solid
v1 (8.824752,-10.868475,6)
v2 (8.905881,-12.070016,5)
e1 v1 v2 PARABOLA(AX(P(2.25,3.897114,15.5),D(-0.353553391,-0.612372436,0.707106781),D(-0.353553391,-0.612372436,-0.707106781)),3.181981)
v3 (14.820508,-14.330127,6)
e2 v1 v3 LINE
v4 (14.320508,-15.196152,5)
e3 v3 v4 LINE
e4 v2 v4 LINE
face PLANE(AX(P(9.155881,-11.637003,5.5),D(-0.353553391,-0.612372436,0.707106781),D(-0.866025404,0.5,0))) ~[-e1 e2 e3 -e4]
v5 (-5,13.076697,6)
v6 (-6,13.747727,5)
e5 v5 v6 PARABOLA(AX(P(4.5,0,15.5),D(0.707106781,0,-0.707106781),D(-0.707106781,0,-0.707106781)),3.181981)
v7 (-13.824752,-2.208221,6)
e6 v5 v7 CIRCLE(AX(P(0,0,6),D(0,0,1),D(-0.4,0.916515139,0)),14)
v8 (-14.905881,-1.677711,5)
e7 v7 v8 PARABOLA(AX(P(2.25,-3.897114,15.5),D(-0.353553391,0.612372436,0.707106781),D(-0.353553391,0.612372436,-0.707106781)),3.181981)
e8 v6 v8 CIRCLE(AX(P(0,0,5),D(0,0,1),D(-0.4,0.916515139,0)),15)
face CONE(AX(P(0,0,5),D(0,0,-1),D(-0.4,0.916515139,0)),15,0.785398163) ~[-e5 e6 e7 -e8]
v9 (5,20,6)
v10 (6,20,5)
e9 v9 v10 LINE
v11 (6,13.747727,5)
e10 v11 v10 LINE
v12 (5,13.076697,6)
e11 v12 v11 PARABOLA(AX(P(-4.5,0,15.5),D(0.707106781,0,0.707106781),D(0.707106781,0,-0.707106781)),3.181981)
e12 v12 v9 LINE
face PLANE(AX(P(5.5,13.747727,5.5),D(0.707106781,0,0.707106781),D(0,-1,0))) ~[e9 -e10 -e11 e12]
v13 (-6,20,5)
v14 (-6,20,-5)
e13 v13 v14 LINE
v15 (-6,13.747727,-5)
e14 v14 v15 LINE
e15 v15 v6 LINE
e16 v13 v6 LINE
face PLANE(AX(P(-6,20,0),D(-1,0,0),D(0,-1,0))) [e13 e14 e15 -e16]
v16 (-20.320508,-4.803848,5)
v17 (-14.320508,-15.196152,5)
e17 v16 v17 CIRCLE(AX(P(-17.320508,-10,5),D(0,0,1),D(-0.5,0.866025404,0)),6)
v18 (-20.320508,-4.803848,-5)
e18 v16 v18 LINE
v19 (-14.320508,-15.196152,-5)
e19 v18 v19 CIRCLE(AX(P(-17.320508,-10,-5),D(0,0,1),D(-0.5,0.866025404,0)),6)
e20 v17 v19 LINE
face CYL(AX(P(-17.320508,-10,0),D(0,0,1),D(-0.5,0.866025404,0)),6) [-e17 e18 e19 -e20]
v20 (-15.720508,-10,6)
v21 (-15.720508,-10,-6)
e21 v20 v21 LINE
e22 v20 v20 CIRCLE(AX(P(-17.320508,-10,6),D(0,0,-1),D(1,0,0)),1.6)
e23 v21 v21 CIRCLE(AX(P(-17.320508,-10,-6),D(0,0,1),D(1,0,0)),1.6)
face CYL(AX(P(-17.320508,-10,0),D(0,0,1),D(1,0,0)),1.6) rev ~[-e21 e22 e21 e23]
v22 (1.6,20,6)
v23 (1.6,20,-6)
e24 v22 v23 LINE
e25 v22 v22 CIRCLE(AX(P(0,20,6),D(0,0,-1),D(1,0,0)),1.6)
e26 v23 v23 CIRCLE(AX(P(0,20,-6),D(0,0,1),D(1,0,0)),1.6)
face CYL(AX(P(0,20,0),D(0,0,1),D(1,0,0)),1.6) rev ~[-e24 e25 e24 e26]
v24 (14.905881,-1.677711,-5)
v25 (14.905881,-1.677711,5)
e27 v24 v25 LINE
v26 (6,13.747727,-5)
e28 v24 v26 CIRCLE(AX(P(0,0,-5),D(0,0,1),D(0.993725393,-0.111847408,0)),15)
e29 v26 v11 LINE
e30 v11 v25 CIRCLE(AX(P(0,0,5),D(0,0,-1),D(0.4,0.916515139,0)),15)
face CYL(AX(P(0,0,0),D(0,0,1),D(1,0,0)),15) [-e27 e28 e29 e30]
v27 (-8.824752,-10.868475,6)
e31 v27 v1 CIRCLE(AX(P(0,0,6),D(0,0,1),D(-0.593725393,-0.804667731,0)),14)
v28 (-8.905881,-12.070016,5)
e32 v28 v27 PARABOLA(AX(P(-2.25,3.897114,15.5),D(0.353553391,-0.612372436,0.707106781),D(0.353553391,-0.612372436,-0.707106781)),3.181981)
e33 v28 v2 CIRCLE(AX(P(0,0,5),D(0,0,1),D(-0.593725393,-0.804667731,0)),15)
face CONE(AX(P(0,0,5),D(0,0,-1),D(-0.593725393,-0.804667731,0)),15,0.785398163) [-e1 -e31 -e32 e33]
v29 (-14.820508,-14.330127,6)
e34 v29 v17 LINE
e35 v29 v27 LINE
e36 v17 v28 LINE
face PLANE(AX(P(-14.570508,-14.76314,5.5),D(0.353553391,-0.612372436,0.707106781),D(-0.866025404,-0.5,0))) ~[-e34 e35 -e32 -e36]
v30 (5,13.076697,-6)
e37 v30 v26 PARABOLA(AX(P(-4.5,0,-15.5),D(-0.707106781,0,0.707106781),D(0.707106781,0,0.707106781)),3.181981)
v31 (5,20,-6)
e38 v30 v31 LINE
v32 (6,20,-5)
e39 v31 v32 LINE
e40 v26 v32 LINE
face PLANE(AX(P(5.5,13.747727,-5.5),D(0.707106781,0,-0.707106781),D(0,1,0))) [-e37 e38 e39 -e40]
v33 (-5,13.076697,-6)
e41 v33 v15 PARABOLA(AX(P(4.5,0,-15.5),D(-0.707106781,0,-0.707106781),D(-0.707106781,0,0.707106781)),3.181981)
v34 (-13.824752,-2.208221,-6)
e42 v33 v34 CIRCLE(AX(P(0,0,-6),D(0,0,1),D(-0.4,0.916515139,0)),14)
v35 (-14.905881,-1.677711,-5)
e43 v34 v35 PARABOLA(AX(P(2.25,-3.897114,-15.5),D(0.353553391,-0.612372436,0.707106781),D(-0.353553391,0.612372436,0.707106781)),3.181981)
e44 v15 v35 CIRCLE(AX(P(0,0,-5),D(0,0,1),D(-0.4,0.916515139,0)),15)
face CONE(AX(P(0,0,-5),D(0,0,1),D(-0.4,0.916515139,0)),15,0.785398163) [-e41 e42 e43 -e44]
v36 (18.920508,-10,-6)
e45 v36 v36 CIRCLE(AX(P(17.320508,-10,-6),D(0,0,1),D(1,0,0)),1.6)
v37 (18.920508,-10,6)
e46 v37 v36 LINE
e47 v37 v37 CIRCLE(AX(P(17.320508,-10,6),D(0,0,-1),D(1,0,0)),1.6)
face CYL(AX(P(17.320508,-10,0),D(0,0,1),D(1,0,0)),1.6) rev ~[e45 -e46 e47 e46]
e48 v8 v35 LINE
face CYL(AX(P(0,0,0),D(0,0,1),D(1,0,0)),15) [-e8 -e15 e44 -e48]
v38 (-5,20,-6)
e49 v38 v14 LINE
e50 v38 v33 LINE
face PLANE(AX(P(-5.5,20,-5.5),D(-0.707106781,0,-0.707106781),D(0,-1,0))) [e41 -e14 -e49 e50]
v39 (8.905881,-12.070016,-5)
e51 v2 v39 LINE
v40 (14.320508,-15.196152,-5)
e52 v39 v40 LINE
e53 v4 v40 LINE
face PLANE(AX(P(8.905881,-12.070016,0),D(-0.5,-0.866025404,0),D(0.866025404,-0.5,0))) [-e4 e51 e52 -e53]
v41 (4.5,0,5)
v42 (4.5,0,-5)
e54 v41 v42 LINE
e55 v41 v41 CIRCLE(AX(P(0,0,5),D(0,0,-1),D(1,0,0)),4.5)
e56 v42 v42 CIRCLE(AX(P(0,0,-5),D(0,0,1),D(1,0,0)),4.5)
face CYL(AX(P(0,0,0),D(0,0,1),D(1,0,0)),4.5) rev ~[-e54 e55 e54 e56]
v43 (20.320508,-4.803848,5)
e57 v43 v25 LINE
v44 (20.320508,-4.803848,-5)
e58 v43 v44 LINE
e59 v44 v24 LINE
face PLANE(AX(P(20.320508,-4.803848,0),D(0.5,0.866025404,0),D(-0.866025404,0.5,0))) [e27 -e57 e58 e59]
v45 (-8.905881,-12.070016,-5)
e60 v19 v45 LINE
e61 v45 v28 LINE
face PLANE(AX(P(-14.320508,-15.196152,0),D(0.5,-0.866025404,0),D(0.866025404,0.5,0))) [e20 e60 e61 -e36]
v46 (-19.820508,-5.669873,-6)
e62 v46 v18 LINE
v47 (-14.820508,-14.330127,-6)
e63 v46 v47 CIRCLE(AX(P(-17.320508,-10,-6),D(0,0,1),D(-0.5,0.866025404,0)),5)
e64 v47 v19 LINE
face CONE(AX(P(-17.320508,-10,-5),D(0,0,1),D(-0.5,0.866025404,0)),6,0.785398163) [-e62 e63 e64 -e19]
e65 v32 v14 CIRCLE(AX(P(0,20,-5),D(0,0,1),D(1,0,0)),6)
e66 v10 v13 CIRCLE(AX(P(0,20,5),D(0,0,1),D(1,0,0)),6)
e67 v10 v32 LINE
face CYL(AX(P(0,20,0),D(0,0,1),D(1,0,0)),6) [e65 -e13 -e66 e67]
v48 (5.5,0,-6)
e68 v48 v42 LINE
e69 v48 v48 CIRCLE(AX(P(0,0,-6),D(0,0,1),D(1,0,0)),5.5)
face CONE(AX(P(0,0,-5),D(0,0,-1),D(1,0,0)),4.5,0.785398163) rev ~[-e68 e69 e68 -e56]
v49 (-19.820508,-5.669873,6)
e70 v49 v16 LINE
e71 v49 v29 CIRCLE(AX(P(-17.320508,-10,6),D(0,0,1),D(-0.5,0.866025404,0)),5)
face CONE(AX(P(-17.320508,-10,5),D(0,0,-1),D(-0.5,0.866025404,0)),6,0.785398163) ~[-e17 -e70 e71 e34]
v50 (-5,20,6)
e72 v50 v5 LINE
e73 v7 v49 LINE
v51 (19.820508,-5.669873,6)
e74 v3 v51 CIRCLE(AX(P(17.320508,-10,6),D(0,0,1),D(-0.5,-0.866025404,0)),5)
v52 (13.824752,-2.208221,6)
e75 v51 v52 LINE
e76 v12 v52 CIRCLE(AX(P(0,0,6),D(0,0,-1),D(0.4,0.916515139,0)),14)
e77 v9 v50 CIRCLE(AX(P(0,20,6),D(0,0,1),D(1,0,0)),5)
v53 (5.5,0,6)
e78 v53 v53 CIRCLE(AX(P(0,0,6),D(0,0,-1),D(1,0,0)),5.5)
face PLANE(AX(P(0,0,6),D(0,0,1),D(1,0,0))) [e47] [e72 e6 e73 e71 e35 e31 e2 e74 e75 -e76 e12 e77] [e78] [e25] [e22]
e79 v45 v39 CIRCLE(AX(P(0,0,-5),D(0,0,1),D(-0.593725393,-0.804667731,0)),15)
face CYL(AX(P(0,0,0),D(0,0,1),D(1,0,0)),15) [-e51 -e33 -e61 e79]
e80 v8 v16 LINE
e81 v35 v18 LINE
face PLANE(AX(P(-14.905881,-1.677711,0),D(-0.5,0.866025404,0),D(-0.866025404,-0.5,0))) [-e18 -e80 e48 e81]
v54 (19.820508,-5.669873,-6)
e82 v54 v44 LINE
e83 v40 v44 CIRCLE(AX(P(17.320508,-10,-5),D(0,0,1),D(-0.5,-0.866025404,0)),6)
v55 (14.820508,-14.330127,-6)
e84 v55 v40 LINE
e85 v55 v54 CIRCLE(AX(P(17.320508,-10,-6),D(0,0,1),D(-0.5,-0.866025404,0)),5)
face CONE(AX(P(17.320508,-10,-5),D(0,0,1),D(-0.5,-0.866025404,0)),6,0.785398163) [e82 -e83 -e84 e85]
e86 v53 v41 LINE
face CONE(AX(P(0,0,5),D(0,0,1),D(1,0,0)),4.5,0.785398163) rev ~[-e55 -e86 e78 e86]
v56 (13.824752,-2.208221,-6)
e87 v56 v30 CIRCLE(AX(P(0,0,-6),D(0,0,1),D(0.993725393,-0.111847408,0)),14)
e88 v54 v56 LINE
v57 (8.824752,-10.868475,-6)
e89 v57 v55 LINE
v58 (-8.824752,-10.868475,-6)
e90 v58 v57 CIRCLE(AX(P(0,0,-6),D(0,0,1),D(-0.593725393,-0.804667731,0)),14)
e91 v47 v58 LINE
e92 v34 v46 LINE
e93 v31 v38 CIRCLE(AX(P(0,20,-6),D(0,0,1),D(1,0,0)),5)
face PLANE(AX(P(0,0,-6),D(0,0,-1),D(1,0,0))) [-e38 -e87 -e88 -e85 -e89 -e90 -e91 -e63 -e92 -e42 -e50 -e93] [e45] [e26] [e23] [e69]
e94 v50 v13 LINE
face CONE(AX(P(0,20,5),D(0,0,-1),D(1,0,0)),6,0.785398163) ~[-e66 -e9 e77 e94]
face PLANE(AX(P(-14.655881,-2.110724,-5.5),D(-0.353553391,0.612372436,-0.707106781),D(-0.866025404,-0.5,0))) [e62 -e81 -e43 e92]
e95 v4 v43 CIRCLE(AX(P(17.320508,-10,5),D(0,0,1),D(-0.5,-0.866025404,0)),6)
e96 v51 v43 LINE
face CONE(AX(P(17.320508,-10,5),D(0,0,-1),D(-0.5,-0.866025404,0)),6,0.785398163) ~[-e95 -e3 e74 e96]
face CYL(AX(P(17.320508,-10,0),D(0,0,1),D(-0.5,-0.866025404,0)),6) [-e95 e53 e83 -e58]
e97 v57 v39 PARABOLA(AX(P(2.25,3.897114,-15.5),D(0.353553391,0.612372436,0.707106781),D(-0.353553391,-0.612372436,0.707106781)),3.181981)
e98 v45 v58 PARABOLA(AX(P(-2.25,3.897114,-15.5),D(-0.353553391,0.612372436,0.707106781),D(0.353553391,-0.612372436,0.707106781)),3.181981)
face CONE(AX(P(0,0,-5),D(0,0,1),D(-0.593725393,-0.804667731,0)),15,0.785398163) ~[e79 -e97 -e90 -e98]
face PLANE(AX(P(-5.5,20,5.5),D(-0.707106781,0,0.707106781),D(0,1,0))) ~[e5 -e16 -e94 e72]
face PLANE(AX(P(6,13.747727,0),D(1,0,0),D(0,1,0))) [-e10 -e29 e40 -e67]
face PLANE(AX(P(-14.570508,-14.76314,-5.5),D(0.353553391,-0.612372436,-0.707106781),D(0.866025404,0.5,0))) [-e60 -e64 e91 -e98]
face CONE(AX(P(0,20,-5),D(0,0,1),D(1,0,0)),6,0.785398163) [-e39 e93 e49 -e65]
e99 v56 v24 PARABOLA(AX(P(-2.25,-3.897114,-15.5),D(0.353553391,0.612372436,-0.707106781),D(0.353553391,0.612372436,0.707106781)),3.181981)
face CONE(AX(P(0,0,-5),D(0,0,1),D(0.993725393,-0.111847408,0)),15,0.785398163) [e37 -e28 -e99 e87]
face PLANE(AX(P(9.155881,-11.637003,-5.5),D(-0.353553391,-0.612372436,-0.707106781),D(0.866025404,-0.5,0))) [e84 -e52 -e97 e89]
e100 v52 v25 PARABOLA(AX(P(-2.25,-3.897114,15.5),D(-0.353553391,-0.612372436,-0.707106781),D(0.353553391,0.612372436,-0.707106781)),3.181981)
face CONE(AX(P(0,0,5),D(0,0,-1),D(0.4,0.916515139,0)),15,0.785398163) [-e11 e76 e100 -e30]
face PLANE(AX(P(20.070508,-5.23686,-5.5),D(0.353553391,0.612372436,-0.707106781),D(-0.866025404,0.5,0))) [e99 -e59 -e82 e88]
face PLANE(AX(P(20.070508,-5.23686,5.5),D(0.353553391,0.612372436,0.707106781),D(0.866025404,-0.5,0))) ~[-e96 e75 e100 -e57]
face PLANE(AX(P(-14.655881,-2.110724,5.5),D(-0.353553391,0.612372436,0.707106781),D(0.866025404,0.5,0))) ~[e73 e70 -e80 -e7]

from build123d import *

# Parameters (mm, degrees)
SKETCH1_R                       = 15
BOSS_EXTRUDE1_DEPTH             = 6
BOSS_EXTRUDE2_REACH             = 8
BOSS_EXTRUDE2_DIRECTION_2_REACH = 8
SKETCH3_R                       = 4.5
CUT_EXTRUDE1_DEPTH              = 7
CUT_EXTRUDE1_DEPTH_BACK         = 7
CHAMFER1_SIZE                   = 1
SKETCH4_R                       = 1.6
CUT_EXTRUDE2_DEPTH              = 7
CUT_EXTRUDE2_DEPTH_BACK         = 7


with BuildPart() as part:
    # Sketch1 → Boss-Extrude1 (new body, symmetric)
    with BuildSketch(Plane.XY):
        Circle(SKETCH1_R)
    extrude(amount=BOSS_EXTRUDE1_DEPTH, both=True)

    # Boss-Extrude2: up to this face of the body (flat: up to its plane)
    boss_extrude2_end = Plane(part.part.faces().sort_by_distance((0, 0, 6))[0])
    # Sketch2 → Boss-Extrude2 (add, up to the picked face)
    with BuildSketch(Plane.XY, mode=Mode.PRIVATE) as boss_extrude2_sk1:
        with BuildLine():
            Line((-6, 20), (-6, 13.747727085))
            Line((-6, 13.747727085), (6, 13.747727085))
            Line((6, 13.747727085), (6, 20))
            ThreePointArc((6, 20), (0, 26), (-6, 20))
        make_face()
    boss_extrude2_tool1 = split(extrude(boss_extrude2_sk1.sketch, amount=BOSS_EXTRUDE2_REACH, mode=Mode.PRIVATE), bisect_by=boss_extrude2_end, keep=Keep.BOTH, mode=Mode.PRIVATE)
    add(boss_extrude2_tool1.solids().sort_by_distance((0, 19.311838, 0))[0])
    # Sketch2 → Boss-Extrude2 (add, up to the picked face)
    with BuildSketch(Plane.XY, mode=Mode.PRIVATE) as boss_extrude2_sk2:
        with BuildLine():
            Line((20.320508076, -4.803847577), (14.9058809, -1.67771112))
            Line((14.9058809, -1.67771112), (8.9058809, -12.070015965))
            Line((8.9058809, -12.070015965), (14.320508076, -15.196152423))
            ThreePointArc((14.320508076, -15.196152423), (22.516660498, -13), (20.320508076, -4.803847577))
        make_face()
    boss_extrude2_tool2 = split(extrude(boss_extrude2_sk2.sketch, amount=BOSS_EXTRUDE2_REACH, mode=Mode.PRIVATE), bisect_by=boss_extrude2_end, keep=Keep.BOTH, mode=Mode.PRIVATE)
    add(boss_extrude2_tool2.solids().sort_by_distance((16.724543, -9.655919, 0))[0])
    # Sketch2 → Boss-Extrude2 (add, up to the picked face)
    with BuildSketch(Plane.XY, mode=Mode.PRIVATE) as boss_extrude2_sk3:
        with BuildLine():
            Line((-14.320508076, -15.196152423), (-8.9058809, -12.070015965))
            Line((-8.9058809, -12.070015965), (-14.9058809, -1.67771112))
            Line((-14.9058809, -1.67771112), (-20.320508076, -4.803847577))
            ThreePointArc((-20.320508076, -4.803847577), (-22.516660498, -13), (-14.320508076, -15.196152423))
        make_face()
    boss_extrude2_tool3 = split(extrude(boss_extrude2_sk3.sketch, amount=BOSS_EXTRUDE2_REACH, mode=Mode.PRIVATE), bisect_by=boss_extrude2_end, keep=Keep.BOTH, mode=Mode.PRIVATE)
    add(boss_extrude2_tool3.solids().sort_by_distance((-16.724543, -9.655919, 0))[0])

    # Boss-Extrude2 direction 2: up to this face of the body (flat: up to its plane)
    boss_extrude2_direction_2_end = Plane(part.part.faces().sort_by_distance((0, 0, -6))[0])
    # Sketch2 → Boss-Extrude2 direction 2 (add, up to the picked face)
    with BuildSketch(Plane.XY, mode=Mode.PRIVATE) as boss_extrude2_direction_2_sk1:
        with BuildLine():
            Line((-6, 20), (-6, 13.747727085))
            Line((-6, 13.747727085), (6, 13.747727085))
            Line((6, 13.747727085), (6, 20))
            ThreePointArc((6, 20), (0, 26), (-6, 20))
        make_face()
    boss_extrude2_direction_2_tool1 = split(extrude(boss_extrude2_direction_2_sk1.sketch, amount=-BOSS_EXTRUDE2_DIRECTION_2_REACH, mode=Mode.PRIVATE), bisect_by=boss_extrude2_direction_2_end, keep=Keep.BOTH, mode=Mode.PRIVATE)
    add(boss_extrude2_direction_2_tool1.solids().sort_by_distance((0, 19.311838, 0))[0])
    # Sketch2 → Boss-Extrude2 direction 2 (add, up to the picked face)
    with BuildSketch(Plane.XY, mode=Mode.PRIVATE) as boss_extrude2_direction_2_sk2:
        with BuildLine():
            Line((20.320508076, -4.803847577), (14.9058809, -1.67771112))
            Line((14.9058809, -1.67771112), (8.9058809, -12.070015965))
            Line((8.9058809, -12.070015965), (14.320508076, -15.196152423))
            ThreePointArc((14.320508076, -15.196152423), (22.516660498, -13), (20.320508076, -4.803847577))
        make_face()
    boss_extrude2_direction_2_tool2 = split(extrude(boss_extrude2_direction_2_sk2.sketch, amount=-BOSS_EXTRUDE2_DIRECTION_2_REACH, mode=Mode.PRIVATE), bisect_by=boss_extrude2_direction_2_end, keep=Keep.BOTH, mode=Mode.PRIVATE)
    add(boss_extrude2_direction_2_tool2.solids().sort_by_distance((16.724543, -9.655919, 0))[0])
    # Sketch2 → Boss-Extrude2 direction 2 (add, up to the picked face)
    with BuildSketch(Plane.XY, mode=Mode.PRIVATE) as boss_extrude2_direction_2_sk3:
        with BuildLine():
            Line((-14.320508076, -15.196152423), (-8.9058809, -12.070015965))
            Line((-8.9058809, -12.070015965), (-14.9058809, -1.67771112))
            Line((-14.9058809, -1.67771112), (-20.320508076, -4.803847577))
            ThreePointArc((-20.320508076, -4.803847577), (-22.516660498, -13), (-14.320508076, -15.196152423))
        make_face()
    boss_extrude2_direction_2_tool3 = split(extrude(boss_extrude2_direction_2_sk3.sketch, amount=-BOSS_EXTRUDE2_DIRECTION_2_REACH, mode=Mode.PRIVATE), bisect_by=boss_extrude2_direction_2_end, keep=Keep.BOTH, mode=Mode.PRIVATE)
    add(boss_extrude2_direction_2_tool3.solids().sort_by_distance((-16.724543, -9.655919, 0))[0])

    # Sketch3 → Cut-Extrude1 (cut, two sides)
    with BuildSketch(Plane.XY) as cut_extrude1_sk:
        Circle(SKETCH3_R)
    extrude(amount=CUT_EXTRUDE1_DEPTH, mode=Mode.SUBTRACT)
    extrude(cut_extrude1_sk.sketch, amount=-CUT_EXTRUDE1_DEPTH_BACK, mode=Mode.SUBTRACT)

    # Chamfer1
    chamfer1_edges = [part.edges().sort_by_distance(p)[0] for p in [
        (12.990381057, 7.5, -6),
        (12.990381057, 7.5, 6),
        (11.613194488, -13.633084194, 6),
        (22.516660498, -13, 6),
        (17.613194488, -3.240779349, 6),
        (11.613194488, -13.633084194, -6),
        (17.613194488, -3.240779349, -6),
        (22.516660498, -13, -6),
        (0, -15, -6),
        (0, -15, 6),
        (-17.613194488, -3.240779349, 6),
        (-22.516660498, -13, 6),
        (-11.613194488, -13.633084194, 6),
        (-17.613194488, -3.240779349, -6),
        (-11.613194488, -13.633084194, -6),
        (-22.516660498, -13, -6),
        (-4.5, 0, -6),
        (-4.5, 0, 6),
        (-12.990381057, 7.5, -6),
        (-12.990381057, 7.5, 6),
        (6, 16.873863542, 6),
        (0, 26, 6),
        (-6, 16.873863542, 6),
        (6, 16.873863542, -6),
        (-6, 16.873863542, -6),
        (0, 26, -6),
    ]]
    chamfer(chamfer1_edges, length=CHAMFER1_SIZE)

    # Sketch4 → Cut-Extrude2 (cut, two sides)
    with BuildSketch(Plane.XY) as cut_extrude2_sk:
        with Locations((0, 20)):
            Circle(SKETCH4_R)
        with Locations((17.320508076, -10)):
            Circle(SKETCH4_R)
        with Locations((-17.320508076, -10)):
            Circle(SKETCH4_R)
    extrude(amount=CUT_EXTRUDE2_DEPTH, mode=Mode.SUBTRACT)
    extrude(cut_extrude2_sk.sketch, amount=-CUT_EXTRUDE2_DEPTH_BACK, mode=Mode.SUBTRACT)


solid = part.part
